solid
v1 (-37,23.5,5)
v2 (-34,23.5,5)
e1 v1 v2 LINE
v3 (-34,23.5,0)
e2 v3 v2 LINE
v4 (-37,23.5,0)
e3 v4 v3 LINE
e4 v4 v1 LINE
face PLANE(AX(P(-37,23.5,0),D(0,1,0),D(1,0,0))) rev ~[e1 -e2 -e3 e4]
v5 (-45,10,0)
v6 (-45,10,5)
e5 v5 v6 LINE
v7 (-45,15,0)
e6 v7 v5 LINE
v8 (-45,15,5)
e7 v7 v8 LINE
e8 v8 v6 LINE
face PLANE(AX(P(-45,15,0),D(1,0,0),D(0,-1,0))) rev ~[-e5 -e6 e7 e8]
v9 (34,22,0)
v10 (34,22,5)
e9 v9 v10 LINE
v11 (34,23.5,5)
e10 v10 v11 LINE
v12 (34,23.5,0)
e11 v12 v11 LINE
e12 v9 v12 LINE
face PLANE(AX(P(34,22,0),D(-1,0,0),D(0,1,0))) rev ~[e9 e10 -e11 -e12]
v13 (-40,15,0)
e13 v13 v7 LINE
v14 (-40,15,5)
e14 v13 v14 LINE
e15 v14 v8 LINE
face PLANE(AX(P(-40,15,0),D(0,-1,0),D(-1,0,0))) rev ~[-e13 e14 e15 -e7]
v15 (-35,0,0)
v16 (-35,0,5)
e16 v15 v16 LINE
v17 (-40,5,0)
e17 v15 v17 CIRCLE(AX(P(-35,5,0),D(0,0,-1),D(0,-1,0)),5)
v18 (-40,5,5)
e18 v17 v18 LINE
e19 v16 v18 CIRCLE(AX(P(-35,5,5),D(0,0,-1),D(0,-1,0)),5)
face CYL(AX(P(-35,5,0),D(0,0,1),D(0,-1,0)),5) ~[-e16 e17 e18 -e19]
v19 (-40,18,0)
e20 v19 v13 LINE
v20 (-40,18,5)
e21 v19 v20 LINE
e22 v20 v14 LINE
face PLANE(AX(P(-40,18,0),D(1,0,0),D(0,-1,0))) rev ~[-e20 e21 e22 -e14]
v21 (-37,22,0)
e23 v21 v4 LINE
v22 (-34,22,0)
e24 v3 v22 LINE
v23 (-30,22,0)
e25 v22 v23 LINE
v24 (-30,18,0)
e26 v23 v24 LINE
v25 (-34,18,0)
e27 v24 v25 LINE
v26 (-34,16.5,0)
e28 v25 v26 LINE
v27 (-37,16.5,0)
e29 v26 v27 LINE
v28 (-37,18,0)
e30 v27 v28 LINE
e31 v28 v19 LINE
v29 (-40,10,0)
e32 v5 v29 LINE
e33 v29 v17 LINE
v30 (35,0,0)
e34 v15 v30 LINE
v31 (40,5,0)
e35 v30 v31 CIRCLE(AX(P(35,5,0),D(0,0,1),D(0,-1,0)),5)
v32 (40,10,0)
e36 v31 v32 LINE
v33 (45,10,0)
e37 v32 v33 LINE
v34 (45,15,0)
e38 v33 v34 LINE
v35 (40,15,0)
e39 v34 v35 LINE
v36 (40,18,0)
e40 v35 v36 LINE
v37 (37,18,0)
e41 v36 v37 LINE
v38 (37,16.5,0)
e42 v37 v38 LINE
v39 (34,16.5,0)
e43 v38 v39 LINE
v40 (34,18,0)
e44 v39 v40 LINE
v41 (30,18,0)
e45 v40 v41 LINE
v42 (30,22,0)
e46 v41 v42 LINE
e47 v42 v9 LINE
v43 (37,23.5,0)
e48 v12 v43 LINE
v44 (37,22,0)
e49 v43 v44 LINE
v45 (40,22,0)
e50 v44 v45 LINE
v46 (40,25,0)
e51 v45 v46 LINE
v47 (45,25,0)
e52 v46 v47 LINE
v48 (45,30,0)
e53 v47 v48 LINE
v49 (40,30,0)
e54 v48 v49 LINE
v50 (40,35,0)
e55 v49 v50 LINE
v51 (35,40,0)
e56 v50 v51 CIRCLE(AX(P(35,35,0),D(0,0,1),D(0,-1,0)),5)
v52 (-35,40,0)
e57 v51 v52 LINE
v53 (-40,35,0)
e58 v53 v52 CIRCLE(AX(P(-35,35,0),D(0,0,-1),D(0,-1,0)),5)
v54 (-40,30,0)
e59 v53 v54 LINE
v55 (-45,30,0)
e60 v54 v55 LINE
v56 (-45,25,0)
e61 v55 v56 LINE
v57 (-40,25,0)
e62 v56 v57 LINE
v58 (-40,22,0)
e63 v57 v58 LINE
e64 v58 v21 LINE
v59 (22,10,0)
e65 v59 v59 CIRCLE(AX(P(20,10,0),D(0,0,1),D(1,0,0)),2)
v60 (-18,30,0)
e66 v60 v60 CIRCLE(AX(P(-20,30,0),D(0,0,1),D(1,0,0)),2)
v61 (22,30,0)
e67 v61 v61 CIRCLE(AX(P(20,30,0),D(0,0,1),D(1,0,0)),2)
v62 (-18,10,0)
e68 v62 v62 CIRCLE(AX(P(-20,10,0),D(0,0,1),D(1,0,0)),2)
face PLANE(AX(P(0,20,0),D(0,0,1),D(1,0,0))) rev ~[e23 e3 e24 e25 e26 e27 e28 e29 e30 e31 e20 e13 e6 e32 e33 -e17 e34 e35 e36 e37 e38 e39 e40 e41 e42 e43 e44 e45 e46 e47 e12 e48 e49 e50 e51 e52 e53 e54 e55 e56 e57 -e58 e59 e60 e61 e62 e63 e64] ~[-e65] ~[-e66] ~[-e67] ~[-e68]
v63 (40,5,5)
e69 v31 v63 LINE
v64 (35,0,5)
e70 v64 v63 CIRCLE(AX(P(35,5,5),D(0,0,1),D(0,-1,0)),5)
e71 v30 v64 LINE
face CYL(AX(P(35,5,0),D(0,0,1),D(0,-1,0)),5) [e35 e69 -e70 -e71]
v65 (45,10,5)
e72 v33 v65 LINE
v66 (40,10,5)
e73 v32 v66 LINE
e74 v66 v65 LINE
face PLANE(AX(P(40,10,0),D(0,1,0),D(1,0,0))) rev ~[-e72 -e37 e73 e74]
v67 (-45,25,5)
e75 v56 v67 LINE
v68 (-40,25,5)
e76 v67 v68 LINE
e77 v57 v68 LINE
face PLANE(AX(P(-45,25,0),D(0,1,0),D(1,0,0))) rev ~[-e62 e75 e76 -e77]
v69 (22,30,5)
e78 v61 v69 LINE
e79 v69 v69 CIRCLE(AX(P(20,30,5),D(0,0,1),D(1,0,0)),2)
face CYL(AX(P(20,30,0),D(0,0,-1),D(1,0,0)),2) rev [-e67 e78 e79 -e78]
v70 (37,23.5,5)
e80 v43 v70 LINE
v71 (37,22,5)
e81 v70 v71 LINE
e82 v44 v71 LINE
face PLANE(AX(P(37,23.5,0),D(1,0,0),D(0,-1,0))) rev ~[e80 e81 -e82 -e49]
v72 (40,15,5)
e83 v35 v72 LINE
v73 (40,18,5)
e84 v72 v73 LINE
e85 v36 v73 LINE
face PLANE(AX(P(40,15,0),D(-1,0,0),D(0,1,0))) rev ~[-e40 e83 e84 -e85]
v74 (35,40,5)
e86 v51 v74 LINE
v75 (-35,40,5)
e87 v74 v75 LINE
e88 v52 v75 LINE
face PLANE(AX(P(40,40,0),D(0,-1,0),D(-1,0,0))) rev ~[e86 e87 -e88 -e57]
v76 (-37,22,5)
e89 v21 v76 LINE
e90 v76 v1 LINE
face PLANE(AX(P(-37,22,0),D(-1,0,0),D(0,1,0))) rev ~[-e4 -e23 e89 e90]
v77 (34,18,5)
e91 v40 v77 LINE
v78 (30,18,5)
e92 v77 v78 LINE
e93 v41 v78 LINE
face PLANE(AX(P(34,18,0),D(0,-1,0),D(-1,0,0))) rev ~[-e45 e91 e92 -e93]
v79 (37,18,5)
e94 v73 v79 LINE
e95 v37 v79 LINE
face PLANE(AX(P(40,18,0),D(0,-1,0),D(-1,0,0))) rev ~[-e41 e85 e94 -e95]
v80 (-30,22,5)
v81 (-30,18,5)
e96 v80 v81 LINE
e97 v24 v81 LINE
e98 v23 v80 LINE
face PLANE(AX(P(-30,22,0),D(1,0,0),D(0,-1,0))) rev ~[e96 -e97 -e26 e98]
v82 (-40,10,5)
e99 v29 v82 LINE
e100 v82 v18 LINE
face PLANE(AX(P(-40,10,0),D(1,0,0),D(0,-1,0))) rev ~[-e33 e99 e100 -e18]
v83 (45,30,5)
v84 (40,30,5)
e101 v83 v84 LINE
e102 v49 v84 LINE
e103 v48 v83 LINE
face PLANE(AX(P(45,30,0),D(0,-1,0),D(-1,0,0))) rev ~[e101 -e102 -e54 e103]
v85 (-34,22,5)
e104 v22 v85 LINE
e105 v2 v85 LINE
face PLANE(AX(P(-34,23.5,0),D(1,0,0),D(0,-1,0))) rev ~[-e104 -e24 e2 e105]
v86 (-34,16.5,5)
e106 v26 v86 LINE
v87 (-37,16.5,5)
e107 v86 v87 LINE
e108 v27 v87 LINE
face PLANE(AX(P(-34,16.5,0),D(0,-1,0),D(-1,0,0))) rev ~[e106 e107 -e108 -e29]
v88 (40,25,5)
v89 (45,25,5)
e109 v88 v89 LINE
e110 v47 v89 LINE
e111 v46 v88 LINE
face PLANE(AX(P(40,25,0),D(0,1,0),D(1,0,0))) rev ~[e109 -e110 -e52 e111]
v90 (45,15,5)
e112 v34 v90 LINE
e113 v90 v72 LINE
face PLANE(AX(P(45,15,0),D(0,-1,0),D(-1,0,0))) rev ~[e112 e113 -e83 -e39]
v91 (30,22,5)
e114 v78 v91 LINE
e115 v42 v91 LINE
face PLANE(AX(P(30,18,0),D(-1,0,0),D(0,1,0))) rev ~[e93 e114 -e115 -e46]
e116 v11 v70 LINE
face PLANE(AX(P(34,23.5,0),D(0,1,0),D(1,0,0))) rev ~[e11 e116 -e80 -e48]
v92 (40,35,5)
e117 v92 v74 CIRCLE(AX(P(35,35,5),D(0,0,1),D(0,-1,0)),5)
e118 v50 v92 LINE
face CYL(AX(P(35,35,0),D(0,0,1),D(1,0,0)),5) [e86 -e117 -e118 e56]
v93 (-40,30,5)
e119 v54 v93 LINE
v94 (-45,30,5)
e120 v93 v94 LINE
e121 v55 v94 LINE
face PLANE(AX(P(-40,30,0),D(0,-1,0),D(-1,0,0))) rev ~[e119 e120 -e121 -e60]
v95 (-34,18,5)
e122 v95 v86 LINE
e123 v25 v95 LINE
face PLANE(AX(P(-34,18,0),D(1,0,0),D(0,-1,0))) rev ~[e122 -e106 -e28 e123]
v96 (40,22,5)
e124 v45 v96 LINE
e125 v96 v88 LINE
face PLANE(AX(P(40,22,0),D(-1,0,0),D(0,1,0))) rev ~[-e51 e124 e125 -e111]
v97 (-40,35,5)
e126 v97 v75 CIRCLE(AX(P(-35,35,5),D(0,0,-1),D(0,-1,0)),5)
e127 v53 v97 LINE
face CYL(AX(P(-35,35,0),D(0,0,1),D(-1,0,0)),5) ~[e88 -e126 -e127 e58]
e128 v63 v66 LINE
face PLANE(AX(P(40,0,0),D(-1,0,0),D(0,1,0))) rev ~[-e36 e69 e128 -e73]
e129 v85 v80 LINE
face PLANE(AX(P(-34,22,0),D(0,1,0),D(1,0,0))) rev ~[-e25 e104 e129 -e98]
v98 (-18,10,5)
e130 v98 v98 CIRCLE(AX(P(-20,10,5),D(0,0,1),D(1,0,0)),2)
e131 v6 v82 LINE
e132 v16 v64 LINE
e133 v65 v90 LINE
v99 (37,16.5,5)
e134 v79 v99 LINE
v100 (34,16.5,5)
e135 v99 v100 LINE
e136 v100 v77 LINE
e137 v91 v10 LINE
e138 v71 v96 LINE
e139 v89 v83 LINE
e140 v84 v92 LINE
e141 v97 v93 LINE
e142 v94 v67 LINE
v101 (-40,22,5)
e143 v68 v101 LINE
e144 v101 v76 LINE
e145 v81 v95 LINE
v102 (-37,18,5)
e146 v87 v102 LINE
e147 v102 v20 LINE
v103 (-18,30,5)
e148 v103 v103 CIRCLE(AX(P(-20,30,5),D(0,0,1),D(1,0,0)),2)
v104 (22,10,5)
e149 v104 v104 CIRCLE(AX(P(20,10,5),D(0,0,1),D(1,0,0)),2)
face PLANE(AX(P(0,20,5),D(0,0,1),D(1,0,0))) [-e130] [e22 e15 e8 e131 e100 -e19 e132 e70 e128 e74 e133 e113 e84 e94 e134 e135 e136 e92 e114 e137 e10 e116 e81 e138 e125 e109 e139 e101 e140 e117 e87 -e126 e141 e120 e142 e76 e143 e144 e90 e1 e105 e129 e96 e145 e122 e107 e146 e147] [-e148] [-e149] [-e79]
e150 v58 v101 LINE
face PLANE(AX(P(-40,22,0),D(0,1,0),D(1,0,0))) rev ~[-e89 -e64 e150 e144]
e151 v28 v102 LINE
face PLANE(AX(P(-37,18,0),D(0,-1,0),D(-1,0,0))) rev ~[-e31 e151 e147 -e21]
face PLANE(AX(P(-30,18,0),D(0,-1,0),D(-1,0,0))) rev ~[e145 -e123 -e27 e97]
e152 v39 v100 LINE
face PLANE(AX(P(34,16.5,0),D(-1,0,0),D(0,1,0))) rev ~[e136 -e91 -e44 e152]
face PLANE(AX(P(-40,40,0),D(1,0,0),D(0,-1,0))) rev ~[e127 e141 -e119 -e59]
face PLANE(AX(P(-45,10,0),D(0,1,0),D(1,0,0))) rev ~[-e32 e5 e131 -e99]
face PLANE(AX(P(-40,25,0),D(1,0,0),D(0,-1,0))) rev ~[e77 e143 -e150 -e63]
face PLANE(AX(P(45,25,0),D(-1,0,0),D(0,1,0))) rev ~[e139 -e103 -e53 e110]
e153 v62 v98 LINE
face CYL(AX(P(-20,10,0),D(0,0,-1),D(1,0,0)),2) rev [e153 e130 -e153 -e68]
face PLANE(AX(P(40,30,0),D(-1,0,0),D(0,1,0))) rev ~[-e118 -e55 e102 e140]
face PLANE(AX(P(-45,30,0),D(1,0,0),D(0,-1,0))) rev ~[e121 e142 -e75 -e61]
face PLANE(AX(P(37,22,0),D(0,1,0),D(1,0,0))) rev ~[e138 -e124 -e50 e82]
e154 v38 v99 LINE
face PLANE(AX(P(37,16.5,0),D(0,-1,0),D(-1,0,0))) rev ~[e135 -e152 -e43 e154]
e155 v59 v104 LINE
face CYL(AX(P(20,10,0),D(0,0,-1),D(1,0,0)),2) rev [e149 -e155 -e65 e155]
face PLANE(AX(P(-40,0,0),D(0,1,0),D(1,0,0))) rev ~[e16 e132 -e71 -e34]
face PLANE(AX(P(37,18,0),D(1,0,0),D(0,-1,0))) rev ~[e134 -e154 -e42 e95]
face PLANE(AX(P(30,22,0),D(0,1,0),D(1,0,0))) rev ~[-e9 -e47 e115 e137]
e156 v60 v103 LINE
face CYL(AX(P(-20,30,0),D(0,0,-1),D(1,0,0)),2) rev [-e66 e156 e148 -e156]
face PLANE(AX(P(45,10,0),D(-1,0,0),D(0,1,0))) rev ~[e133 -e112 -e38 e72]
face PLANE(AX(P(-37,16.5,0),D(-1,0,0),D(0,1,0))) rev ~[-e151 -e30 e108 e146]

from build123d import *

# Parameters (mm, degrees)
ESQUISSE1_R        = 2
BOSS_EXTRU_1_DEPTH = 5
CONG_1_R           = 5


with BuildPart() as part:
    # Esquisse1 → Boss.-Extru.1 (new body)
    with BuildSketch(Plane.XY):
        Polygon((-40, 0), (40, 0), (40, 10), (45, 10), (45, 15), (40, 15), (40, 18), (37, 18), (37, 16.5), (34, 16.5), (34, 18), (30, 18), (30, 22), (34, 22), (34, 23.5), (37, 23.5), (37, 22), (40, 22), (40, 25), (45, 25), (45, 30), (40, 30), (40, 40), (-40, 40), (-40, 30), (-45, 30), (-45, 25), (-40, 25), (-40, 22), (-37, 22), (-37, 23.5), (-34, 23.5), (-34, 22), (-30, 22), (-30, 18), (-34, 18), (-34, 16.5), (-37, 16.5), (-37, 18), (-40, 18), (-40, 15), (-45, 15), (-45, 10), (-40, 10), align=None)
        with Locations((20, 30)):
            Circle(ESQUISSE1_R, mode=Mode.SUBTRACT)
        with Locations((-20, 30)):
            Circle(ESQUISSE1_R, mode=Mode.SUBTRACT)
        with Locations((-20, 10)):
            Circle(ESQUISSE1_R, mode=Mode.SUBTRACT)
        with Locations((20, 10)):
            Circle(ESQUISSE1_R, mode=Mode.SUBTRACT)
    extrude(amount=BOSS_EXTRU_1_DEPTH)

    # Congé1
    cong_1_edges = [part.edges().sort_by_distance(p)[0] for p in [
        (40, 0, 2.5),
        (-40, 0, 2.5),
        (-40, 40, 2.5),
        (40, 40, 2.5),
    ]]
    fillet(cong_1_edges, radius=CONG_1_R)


solid = part.part
